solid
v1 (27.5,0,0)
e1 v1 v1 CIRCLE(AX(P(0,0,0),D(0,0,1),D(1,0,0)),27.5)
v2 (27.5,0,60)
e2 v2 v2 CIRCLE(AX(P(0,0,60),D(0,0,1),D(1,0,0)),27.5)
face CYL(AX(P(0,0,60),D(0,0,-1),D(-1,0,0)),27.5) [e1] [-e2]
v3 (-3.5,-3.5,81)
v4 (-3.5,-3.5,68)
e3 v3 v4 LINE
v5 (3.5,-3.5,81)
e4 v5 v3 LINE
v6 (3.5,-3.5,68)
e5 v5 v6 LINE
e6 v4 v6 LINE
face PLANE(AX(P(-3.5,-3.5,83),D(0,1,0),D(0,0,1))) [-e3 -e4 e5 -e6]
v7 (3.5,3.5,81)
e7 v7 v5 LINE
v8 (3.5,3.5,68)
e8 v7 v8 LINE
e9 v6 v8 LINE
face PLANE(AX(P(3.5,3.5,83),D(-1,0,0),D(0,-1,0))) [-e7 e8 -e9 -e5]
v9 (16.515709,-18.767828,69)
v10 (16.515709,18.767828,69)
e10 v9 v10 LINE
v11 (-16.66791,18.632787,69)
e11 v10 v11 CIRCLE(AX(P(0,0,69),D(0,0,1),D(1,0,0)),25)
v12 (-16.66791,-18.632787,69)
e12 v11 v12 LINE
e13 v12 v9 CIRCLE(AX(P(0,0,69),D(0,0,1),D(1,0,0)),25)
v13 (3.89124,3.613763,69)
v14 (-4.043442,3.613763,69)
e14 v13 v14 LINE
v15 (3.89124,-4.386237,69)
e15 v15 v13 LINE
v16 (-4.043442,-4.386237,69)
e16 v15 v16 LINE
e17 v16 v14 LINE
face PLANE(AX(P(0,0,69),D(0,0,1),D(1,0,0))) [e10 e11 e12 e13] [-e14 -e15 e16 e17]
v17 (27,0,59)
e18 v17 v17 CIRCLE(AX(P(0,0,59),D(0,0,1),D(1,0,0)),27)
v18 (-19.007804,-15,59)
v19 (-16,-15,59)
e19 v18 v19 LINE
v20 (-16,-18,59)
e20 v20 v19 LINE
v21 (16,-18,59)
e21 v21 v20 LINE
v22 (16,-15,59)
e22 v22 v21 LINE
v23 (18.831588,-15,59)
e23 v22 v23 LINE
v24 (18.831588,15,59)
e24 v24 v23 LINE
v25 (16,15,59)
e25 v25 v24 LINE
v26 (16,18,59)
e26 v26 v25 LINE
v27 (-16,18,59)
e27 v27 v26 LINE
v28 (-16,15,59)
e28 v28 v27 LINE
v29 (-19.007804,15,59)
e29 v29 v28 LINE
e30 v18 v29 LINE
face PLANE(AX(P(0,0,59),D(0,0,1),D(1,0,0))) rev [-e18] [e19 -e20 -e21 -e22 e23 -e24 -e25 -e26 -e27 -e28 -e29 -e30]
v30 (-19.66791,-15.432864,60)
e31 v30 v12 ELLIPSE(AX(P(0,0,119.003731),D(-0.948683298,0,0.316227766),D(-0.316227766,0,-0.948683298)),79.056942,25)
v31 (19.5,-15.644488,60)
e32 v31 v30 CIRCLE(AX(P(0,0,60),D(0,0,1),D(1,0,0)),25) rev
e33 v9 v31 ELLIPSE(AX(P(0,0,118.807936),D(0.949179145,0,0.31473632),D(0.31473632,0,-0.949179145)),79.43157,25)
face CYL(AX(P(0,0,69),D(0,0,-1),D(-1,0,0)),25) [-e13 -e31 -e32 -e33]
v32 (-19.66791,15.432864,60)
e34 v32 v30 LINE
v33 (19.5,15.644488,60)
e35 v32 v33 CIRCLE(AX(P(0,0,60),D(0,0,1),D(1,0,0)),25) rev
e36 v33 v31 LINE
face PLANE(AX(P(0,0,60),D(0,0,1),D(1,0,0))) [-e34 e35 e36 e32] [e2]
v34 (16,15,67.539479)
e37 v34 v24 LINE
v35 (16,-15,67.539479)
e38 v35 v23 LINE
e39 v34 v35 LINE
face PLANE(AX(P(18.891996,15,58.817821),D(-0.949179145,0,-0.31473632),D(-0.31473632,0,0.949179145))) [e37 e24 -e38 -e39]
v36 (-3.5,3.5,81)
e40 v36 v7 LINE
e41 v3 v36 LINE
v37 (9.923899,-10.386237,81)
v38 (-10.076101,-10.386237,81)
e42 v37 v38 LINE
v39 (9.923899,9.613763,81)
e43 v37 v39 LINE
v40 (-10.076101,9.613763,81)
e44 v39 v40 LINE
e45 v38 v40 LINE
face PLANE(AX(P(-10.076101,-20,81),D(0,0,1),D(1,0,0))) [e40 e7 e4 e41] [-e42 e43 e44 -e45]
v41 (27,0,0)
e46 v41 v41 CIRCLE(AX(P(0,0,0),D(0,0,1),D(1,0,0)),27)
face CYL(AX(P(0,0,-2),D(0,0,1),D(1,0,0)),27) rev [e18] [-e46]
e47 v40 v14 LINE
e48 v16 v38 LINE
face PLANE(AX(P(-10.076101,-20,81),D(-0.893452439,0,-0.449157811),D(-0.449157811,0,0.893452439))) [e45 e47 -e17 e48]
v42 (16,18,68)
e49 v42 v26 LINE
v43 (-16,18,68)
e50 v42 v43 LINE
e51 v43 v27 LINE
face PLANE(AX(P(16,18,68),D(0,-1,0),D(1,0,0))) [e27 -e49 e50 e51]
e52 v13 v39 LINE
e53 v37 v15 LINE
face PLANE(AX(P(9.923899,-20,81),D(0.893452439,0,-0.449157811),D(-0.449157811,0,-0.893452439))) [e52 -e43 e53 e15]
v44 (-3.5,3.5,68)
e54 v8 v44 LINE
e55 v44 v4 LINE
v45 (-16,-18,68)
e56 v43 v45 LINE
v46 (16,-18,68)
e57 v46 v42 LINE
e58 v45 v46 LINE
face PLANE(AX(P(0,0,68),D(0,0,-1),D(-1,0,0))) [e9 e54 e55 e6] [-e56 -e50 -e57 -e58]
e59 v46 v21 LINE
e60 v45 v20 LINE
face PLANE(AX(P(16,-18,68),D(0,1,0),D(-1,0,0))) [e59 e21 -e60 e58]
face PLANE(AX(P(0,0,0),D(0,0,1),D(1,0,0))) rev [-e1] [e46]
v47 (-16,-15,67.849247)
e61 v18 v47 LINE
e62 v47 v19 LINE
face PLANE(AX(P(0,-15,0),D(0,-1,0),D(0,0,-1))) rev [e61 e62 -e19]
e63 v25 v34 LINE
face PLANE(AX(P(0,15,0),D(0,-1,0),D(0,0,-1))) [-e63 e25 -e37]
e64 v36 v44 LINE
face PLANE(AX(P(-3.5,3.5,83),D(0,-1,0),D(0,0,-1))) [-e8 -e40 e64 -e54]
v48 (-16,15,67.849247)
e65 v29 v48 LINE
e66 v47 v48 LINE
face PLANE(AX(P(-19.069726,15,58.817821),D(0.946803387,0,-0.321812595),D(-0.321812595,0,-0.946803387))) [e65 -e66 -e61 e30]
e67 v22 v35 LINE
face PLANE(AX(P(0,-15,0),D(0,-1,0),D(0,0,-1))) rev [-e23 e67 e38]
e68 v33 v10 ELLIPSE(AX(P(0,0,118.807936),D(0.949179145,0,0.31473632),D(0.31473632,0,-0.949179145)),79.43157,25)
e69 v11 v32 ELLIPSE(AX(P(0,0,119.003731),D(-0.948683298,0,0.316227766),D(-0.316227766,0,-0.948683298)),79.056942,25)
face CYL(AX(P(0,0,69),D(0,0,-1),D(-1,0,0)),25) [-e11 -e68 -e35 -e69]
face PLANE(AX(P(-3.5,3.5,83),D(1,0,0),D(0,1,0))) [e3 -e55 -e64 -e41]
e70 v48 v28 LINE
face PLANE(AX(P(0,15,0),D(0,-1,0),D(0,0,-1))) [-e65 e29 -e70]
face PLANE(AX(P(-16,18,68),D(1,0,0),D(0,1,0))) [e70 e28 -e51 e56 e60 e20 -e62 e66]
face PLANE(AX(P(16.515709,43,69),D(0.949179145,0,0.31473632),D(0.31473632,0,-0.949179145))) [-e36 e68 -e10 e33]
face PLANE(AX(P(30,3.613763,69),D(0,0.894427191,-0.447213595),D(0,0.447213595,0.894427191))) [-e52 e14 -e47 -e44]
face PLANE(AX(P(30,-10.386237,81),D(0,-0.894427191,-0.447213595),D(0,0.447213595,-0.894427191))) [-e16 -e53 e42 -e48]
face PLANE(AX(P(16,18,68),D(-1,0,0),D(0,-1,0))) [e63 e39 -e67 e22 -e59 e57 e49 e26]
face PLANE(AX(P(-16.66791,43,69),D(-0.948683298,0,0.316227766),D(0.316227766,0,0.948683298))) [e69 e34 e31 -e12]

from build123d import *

# Parameters (mm, degrees)
ESBO_O2_R                      = 27.5
RESSALTO_EXTRUS_O1_DEPTH       = 60
CORTE_EXTRUS_O3_DEPTH          = 59
CORTE_EXTRUS_O3_DEPTH_BACK     = 2
ESBO_O3_R                      = 27
ESBO_O4_R                      = 25
RESSALTO_EXTRUS_O10_DEPTH      = 69
CORTE_EXTRUS_O4_DEPTH          = 43
CORTE_EXTRUS_O4_DEPTH_BACK     = 48
RESSALTO_EXTRUS_O11_DEPTH      = 20
RESSALTO_EXTRUS_O11_DEPTH_BACK = 20
CORTE_EXTRUS_O5_DEPTH          = 30
CORTE_EXTRUS_O5_DEPTH_BACK     = 24
ESBO_O10_R                     = 25.877915993
CORTE_EXTRUS_O6_DEPTH          = 59
CORTE_EXTRUS_O7_DEPTH          = 68
CORTE_EXTRUS_O7_DEPTH_BACK     = 1
ESBO_O11_W                     = 32
ESBO_O11_H                     = 36
CORTE_EXTRUS_O10_DEPTH         = 15
CORTE_EXTRUS_O10_DEPTH_BACK    = 15
ESBO_O13_W                     = 7
ESBO_O13_H                     = 7
CORTE_EXTRUS_O11_DEPTH         = 83


with BuildPart() as part:
    # Esboço2 → Ressalto-extrusão1 (new body)
    with BuildSketch(Plane.XY):
        Circle(ESBO_O2_R)
    extrude(amount=RESSALTO_EXTRUS_O1_DEPTH)

    # Esboço3 → Corte-extrusão3 (cut, two sides: drawn at the far end of the back side and taken through both)
    with BuildSketch(Plane.XY.offset(-CORTE_EXTRUS_O3_DEPTH_BACK)):
        Circle(ESBO_O3_R)
    extrude(amount=CORTE_EXTRUS_O3_DEPTH + CORTE_EXTRUS_O3_DEPTH_BACK, mode=Mode.SUBTRACT)

    # Esboço4 → Ressalto-extrusão10 (add)
    with BuildSketch(Plane.XY):
        Circle(ESBO_O4_R)
    extrude(amount=RESSALTO_EXTRUS_O10_DEPTH)

    # Esboço6 → Corte-extrusão4 (cut, two sides: drawn at the far end of the back side and taken through both)
    with BuildSketch(Plane(origin=(0, 0, 0), x_dir=(1, 0, 0), z_dir=(0, 1, 0)).offset(-CORTE_EXTRUS_O4_DEPTH_BACK)):
        Polygon((-27.667910376, -60), (-19.667910376, -60), (-16.667910376, -69), (-27.667910376, -69), align=None)
        Polygon((27.5, -60), (19.5, -60), (16.515708897, -69), (27.5, -69), align=None)
    extrude(amount=CORTE_EXTRUS_O4_DEPTH + CORTE_EXTRUS_O4_DEPTH_BACK, mode=Mode.SUBTRACT)

    # Esboço7 → Ressalto-extrusão11 (add, two sides: drawn at the far end of the back side and taken through both)
    with BuildSketch(Plane(origin=(0, 0, 0), x_dir=(1, 0, 0), z_dir=(0, 1, 0)).offset(-RESSALTO_EXTRUS_O11_DEPTH_BACK)):
        Polygon((-4.043441925, -69), (3.891240446, -69), (9.923899261, -81), (-10.076100739, -81), align=None)
    extrude(amount=RESSALTO_EXTRUS_O11_DEPTH + RESSALTO_EXTRUS_O11_DEPTH_BACK)

    # Esboço9 → Corte-extrusão5 (cut, two sides: drawn at the far end of the back side and taken through both)
    with BuildSketch(Plane(origin=(0, 0, 0), x_dir=(0, 0, -1), z_dir=(1, 0, 0)).offset(-CORTE_EXTRUS_O5_DEPTH_BACK)):
        Polygon((-81, -10.386236586), (-69, -4.386236586), (-69, -22.806779524), (-81, -22.806779524), align=None)
        Polygon((-69, 3.613763414), (-81, 9.613763414), (-81, 21.387044081), (-69, 21.387044081), align=None)
    extrude(amount=CORTE_EXTRUS_O5_DEPTH + CORTE_EXTRUS_O5_DEPTH_BACK, mode=Mode.SUBTRACT)

    # Esboço10 → Corte-extrusão6 (cut)
    with BuildSketch(Plane.XY):
        Circle(ESBO_O10_R)
    extrude(amount=CORTE_EXTRUS_O6_DEPTH, mode=Mode.SUBTRACT)

    # Esboço11 → Corte-extrusão7 (cut, two sides: drawn at the far end of the back side and taken through both)
    with BuildSketch(Plane.XY.offset(-CORTE_EXTRUS_O7_DEPTH_BACK)):
        Rectangle(ESBO_O11_W, ESBO_O11_H)
    extrude(amount=CORTE_EXTRUS_O7_DEPTH + CORTE_EXTRUS_O7_DEPTH_BACK, mode=Mode.SUBTRACT)

    # Esboço12 → Corte-extrusão10 (cut, two sides: drawn at the far end of the back side and taken through both)
    with BuildSketch(Plane(origin=(0, 0, 0), x_dir=(1, 0, 0), z_dir=(0, 1, 0)).offset(-CORTE_EXTRUS_O10_DEPTH_BACK)):
        Polygon((-19.069725689, -58.817820976), (18.89199626, -58.817820976), (15.847296797, -68), (-15.94876003, -68), align=None)
    extrude(amount=CORTE_EXTRUS_O10_DEPTH + CORTE_EXTRUS_O10_DEPTH_BACK, mode=Mode.SUBTRACT)

    # Esboço13 → Corte-extrusão11 (cut)
    with BuildSketch(Plane.XY):
        Rectangle(ESBO_O13_W, ESBO_O13_H)
    extrude(amount=CORTE_EXTRUS_O11_DEPTH, mode=Mode.SUBTRACT)


solid = part.part
